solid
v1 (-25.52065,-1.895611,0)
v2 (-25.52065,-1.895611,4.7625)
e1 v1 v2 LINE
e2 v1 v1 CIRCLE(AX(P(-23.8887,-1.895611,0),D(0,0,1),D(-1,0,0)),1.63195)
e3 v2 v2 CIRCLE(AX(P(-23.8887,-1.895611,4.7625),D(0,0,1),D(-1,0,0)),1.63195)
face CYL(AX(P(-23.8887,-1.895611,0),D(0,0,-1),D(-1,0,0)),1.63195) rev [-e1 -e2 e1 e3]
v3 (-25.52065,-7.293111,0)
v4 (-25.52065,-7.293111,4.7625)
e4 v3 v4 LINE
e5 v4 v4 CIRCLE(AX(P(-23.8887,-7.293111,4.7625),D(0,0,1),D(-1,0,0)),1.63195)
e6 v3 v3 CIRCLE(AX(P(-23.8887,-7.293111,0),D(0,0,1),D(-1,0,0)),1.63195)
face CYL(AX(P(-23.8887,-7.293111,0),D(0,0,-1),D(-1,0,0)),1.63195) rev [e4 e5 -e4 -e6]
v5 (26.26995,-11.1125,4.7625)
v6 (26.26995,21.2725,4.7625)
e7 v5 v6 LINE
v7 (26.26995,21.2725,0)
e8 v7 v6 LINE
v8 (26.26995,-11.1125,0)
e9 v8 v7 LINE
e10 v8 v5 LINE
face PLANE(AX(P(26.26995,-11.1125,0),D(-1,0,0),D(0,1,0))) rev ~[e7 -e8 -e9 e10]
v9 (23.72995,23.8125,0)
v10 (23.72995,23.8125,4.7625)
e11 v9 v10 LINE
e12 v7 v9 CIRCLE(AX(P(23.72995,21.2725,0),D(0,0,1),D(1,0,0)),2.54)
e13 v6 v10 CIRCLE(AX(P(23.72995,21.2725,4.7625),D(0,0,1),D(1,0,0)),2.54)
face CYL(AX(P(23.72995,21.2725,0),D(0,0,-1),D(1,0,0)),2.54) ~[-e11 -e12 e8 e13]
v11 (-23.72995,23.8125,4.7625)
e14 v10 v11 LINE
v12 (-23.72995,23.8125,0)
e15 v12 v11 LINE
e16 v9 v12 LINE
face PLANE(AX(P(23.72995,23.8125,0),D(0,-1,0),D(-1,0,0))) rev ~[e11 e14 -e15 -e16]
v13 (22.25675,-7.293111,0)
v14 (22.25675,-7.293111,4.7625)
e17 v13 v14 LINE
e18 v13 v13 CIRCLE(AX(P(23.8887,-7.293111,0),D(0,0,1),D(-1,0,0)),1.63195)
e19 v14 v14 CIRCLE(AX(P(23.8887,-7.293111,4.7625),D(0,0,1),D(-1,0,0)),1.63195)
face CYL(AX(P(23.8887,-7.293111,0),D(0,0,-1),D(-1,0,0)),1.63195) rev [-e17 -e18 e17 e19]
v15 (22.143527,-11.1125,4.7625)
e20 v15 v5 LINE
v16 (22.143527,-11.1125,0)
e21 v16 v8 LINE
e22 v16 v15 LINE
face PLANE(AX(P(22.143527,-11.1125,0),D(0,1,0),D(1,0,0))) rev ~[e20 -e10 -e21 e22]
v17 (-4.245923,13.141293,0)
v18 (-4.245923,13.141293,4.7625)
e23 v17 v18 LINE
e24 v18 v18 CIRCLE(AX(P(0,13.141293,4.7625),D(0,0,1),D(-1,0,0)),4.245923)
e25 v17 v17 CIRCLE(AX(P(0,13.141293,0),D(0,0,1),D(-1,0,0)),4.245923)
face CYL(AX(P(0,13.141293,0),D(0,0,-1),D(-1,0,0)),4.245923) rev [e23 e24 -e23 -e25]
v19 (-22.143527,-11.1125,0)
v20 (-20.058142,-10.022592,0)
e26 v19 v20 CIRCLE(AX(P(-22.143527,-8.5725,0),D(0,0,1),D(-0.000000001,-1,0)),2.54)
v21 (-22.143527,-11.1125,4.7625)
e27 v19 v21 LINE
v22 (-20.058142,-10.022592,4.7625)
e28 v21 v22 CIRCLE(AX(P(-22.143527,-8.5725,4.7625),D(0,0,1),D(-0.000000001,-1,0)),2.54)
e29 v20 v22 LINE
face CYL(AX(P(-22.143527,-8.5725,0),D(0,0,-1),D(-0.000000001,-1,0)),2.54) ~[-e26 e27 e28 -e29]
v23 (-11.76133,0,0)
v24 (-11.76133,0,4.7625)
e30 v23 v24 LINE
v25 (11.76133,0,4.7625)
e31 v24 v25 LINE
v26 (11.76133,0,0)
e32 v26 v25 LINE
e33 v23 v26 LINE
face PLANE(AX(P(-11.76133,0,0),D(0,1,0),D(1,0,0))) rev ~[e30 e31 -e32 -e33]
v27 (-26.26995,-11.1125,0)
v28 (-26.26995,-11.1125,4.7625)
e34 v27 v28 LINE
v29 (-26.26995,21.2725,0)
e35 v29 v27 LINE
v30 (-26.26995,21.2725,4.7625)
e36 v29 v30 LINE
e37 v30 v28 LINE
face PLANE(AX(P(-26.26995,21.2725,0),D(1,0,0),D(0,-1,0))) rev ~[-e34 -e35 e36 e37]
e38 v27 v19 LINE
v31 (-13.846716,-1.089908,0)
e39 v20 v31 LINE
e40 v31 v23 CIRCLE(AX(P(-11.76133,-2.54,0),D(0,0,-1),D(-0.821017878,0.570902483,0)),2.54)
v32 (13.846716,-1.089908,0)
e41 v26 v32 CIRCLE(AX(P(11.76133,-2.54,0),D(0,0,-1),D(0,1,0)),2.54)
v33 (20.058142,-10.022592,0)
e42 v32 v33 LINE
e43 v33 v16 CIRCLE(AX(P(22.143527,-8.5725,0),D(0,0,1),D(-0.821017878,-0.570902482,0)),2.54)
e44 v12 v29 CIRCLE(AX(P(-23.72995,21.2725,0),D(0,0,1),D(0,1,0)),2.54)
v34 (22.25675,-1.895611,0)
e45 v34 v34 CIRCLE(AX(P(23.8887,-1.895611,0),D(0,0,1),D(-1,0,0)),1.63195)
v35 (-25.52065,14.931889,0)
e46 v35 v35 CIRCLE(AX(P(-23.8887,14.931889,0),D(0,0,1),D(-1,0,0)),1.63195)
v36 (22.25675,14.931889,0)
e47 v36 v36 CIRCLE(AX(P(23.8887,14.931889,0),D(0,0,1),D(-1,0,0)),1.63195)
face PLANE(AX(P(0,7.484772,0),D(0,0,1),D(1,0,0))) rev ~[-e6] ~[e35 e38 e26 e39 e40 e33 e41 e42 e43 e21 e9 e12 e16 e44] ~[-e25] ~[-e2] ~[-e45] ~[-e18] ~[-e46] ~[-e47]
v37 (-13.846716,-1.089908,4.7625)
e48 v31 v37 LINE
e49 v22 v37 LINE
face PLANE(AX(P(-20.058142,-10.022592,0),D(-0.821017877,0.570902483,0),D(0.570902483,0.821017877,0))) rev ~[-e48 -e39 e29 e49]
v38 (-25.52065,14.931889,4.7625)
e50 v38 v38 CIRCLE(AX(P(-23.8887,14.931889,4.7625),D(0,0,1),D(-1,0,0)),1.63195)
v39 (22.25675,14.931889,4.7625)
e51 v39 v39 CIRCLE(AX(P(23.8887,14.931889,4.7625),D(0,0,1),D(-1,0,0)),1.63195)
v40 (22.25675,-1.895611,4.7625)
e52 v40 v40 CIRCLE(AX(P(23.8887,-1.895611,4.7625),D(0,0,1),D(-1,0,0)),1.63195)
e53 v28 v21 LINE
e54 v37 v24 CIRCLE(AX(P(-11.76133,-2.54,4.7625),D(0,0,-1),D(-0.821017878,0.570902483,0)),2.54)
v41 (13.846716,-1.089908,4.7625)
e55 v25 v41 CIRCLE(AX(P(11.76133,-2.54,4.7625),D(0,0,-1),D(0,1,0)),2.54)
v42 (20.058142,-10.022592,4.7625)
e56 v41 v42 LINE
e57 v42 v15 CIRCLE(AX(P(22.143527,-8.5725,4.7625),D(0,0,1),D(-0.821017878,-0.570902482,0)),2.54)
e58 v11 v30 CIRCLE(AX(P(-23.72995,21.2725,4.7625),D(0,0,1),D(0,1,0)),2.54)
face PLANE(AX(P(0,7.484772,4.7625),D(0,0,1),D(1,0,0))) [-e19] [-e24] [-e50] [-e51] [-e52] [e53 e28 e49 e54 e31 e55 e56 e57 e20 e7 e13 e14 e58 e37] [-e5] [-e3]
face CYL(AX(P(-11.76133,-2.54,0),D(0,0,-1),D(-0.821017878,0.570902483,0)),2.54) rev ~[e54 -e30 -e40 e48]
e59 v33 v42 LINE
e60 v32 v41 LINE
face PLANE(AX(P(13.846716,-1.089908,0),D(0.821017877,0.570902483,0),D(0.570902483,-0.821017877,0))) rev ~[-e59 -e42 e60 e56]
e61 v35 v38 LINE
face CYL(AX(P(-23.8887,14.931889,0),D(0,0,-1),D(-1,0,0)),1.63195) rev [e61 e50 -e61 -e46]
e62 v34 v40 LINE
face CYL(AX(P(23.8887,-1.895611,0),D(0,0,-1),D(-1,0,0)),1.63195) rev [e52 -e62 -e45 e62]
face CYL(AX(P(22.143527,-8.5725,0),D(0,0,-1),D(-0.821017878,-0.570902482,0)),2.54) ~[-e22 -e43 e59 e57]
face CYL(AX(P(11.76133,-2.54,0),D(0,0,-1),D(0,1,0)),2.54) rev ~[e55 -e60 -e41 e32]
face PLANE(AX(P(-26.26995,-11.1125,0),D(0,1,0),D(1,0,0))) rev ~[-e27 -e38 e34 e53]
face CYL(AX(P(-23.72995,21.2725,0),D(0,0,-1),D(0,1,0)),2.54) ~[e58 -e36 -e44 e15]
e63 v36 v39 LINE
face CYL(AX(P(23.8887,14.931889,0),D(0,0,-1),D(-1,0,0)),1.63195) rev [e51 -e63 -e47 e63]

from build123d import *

# Parameters (mm, degrees)
SKETCH1_R           = 1.63195
SKETCH1_R_2         = 4.245922678
BOSS_EXTRUDE1_DEPTH = 4.7625


with BuildPart() as part:
    # Sketch1 → Boss-Extrude1 (new body)
    with BuildSketch(Plane.XY):
        with BuildLine():
            Line((-26.26995, -11.1125), (-22.143527073, -11.1125))
            ThreePointArc((-22.143527073, -11.1125), (-20.967014102, -10.823592453), (-20.058141665, -10.022592307))
            Line((-20.058141665, -10.022592307), (-13.846715616, -1.089907693))
            ThreePointArc((-13.846715616, -1.089907693), (-12.937843178, -0.288907547), (-11.761330208, 0))
            Line((-11.761330208, 0), (11.761330208, 0))
            ThreePointArc((11.761330208, 0), (12.937843178, -0.288907547), (13.846715616, -1.089907693))
            Line((13.846715616, -1.089907693), (20.058141665, -10.022592307))
            ThreePointArc((20.058141665, -10.022592307), (20.967014102, -10.823592453), (22.143527073, -11.1125))
            Line((22.143527073, -11.1125), (26.26995, -11.1125))
            Line((26.26995, -11.1125), (26.26995, 21.2725))
            ThreePointArc((26.26995, 21.2725), (25.526001224, 23.068551224), (23.72995, 23.8125))
            Line((23.72995, 23.8125), (-23.72995, 23.8125))
            ThreePointArc((-23.72995, 23.8125), (-25.526001224, 23.068551224), (-26.26995, 21.2725))
            Line((-26.26995, 21.2725), (-26.26995, -11.1125))
        make_face()
        with Locations(Location((23.8887, 14.931889209, 0), (0, 0, 180))):
            Circle(SKETCH1_R, mode=Mode.SUBTRACT)
        with Locations(Location((23.8887, -7.293110791, 0), (0, 0, 180))):
            Circle(SKETCH1_R, mode=Mode.SUBTRACT)
        with Locations(Location((-23.8887, -7.293110791, 0), (0, 0, 180))):
            Circle(SKETCH1_R, mode=Mode.SUBTRACT)
        with Locations(Location((-23.8887, 14.931889209, 0), (0, 0, 180))):
            Circle(SKETCH1_R, mode=Mode.SUBTRACT)
        with Locations(Location((23.8887, -1.895610791, 0), (0, 0, 180))):
            Circle(SKETCH1_R, mode=Mode.SUBTRACT)
        with Locations(Location((-23.8887, -1.895610791, 0), (0, 0, 180))):
            Circle(SKETCH1_R, mode=Mode.SUBTRACT)
        with Locations(Location((0, 13.141292549, 0), (0, 0, 180))):
            Circle(SKETCH1_R_2, mode=Mode.SUBTRACT)
    extrude(amount=BOSS_EXTRUDE1_DEPTH)


solid = part.part
